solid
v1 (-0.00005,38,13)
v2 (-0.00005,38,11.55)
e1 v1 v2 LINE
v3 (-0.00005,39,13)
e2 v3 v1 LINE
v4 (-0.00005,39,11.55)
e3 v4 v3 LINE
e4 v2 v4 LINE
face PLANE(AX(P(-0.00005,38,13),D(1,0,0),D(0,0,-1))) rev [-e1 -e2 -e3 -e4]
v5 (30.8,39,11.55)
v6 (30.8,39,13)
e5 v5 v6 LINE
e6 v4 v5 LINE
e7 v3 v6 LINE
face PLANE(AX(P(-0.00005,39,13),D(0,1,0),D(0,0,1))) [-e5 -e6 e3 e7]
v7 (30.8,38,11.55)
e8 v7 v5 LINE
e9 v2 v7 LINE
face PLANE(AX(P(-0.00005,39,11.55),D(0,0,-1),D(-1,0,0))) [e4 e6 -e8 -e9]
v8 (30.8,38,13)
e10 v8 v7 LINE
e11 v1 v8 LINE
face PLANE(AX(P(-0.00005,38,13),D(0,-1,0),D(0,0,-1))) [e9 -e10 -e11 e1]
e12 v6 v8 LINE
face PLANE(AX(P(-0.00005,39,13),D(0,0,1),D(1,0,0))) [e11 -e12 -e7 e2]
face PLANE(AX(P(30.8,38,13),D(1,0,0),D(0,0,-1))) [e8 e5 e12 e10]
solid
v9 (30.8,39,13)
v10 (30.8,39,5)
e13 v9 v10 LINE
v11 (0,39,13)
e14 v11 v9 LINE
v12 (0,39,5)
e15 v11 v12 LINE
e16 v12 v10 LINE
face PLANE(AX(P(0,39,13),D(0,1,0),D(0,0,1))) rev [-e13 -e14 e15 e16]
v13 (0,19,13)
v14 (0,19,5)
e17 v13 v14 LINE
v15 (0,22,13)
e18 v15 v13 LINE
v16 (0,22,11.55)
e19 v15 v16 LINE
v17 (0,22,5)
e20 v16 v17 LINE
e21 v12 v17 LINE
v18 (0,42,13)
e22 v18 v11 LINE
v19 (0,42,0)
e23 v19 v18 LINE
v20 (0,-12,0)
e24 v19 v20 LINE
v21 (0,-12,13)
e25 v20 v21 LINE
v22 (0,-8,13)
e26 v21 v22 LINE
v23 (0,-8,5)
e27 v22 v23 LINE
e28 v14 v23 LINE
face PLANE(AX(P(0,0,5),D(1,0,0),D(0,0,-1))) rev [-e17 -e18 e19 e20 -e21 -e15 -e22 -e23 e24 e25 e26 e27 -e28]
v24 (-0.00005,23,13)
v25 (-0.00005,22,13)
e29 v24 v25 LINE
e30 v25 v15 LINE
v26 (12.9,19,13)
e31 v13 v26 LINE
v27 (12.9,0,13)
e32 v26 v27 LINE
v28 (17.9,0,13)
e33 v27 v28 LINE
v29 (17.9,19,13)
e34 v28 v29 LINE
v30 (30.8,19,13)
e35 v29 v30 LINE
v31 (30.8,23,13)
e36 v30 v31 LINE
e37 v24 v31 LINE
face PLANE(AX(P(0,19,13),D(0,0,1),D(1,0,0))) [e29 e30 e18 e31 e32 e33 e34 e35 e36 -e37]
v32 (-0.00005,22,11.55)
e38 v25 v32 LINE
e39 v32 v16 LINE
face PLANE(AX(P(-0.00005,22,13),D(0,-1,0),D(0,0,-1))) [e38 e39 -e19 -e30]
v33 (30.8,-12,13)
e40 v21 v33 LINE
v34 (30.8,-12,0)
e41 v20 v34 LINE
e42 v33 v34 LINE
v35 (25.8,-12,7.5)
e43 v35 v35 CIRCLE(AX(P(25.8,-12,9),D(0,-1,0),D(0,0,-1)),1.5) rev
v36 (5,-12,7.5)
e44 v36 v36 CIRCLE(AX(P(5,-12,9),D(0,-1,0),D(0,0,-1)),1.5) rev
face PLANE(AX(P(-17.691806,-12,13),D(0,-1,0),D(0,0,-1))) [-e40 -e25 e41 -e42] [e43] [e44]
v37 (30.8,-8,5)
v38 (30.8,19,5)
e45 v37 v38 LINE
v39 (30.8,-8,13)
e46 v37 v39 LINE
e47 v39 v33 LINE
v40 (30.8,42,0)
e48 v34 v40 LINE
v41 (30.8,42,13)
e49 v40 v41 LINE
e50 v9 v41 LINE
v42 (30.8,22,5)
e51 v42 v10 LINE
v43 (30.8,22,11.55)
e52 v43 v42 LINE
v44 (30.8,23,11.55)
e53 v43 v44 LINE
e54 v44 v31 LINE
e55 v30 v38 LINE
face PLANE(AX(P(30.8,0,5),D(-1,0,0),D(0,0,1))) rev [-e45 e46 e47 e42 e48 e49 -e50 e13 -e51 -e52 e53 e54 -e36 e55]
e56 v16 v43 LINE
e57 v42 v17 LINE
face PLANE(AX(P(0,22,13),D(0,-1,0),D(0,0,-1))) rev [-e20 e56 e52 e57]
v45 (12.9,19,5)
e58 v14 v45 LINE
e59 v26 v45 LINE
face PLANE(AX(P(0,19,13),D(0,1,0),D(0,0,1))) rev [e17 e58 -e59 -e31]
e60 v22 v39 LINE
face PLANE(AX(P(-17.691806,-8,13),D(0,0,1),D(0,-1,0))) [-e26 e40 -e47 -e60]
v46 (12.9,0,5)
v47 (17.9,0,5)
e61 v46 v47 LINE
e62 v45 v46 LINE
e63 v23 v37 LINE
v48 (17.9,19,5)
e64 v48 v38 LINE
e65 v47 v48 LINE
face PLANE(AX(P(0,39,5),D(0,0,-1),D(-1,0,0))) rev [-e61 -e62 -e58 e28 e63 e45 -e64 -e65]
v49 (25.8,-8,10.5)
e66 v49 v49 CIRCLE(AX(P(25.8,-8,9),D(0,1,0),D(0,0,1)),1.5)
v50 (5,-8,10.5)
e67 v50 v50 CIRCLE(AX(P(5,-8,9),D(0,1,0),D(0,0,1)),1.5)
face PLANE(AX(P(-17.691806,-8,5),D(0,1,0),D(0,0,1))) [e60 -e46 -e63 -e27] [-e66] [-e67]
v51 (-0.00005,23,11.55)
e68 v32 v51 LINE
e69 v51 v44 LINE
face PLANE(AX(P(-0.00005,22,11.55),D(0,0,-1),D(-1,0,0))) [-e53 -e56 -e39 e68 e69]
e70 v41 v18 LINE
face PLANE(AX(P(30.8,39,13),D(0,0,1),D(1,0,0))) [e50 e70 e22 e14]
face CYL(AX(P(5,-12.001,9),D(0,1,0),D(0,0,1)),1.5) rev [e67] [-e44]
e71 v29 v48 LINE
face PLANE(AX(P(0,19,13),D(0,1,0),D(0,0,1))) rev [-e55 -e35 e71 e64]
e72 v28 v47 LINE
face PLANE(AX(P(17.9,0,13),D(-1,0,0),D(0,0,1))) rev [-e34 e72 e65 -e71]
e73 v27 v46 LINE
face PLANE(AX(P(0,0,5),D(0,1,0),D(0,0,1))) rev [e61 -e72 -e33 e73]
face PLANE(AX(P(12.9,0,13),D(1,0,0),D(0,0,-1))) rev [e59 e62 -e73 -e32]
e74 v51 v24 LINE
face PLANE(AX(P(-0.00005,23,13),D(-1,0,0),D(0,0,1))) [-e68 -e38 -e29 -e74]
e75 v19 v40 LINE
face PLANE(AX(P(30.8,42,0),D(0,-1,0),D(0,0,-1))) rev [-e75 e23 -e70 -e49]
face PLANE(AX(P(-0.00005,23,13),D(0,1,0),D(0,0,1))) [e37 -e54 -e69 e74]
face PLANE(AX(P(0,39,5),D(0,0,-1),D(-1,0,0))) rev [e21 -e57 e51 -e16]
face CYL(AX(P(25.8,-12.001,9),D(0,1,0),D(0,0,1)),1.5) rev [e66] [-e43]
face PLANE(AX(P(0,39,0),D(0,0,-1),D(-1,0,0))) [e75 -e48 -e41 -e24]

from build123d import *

# Parameters (mm, degrees)
SKETCH_1_W          = 30.8
SKETCH_1_H          = 39
EXTRUDE_1_DEPTH     = 5
SKETCH_2_W          = 30.8
SKETCH_2_H          = 3
EXTRUDE_2_DEPTH     = 8
SKETCH_3_W          = 5
SKETCH_3_H          = 19
EXTRUDE_3_DEPTH     = 8
EXTRUDE_4_DEPTH     = 30.8
SKETCH_5_R          = 1.5
CUT_EXTRUDE_1_DEPTH = 4
SKETCH_6_W          = 1.45
SKETCH_6_H          = 1
EXTRUDE_5_DEPTH     = 30.8
SKETCH_7_W          = 30.8
SKETCH_7_H          = 3
EXTRUDE_6_DEPTH     = 5


with BuildPart() as part:
    # 草图1 → 凸台-拉伸1 (new body)
    with BuildSketch(Plane.XY):
        with Locations((15.4, 19.5)):
            Rectangle(SKETCH_1_W, SKETCH_1_H)
    extrude(amount=EXTRUDE_1_DEPTH)

    # 草图2 → 凸台-拉伸2 (add)
    with BuildSketch(Plane.XY.offset(5)):
        with Locations((15.4, 40.5)):
            Rectangle(SKETCH_2_W, SKETCH_2_H)
        with Locations((15.4, 20.5)):
            Rectangle(SKETCH_2_W, SKETCH_2_H)
    extrude(amount=EXTRUDE_2_DEPTH)


with BuildPart() as extrude_2_piece_1:
    # of the separate pieces the step leaves, piece 1, a body of its own (extrude_2_pieces)
    add(part.part.solids().sort_by_distance((0, 0, 0))[0])

    # 草图3 → 凸台-拉伸3 (add)
    with BuildSketch(Plane.XY.offset(5)):
        with Locations((15.4, 9.5)):
            Rectangle(SKETCH_3_W, SKETCH_3_H)
    extrude(amount=EXTRUDE_3_DEPTH)

    # 草图4 → 凸台-拉伸4 (add)
    with BuildSketch(Plane(origin=(30.8, 0, 0), x_dir=(0, 0, -1), z_dir=(1, 0, 0))):
        Polygon((-5, 0), (-5, -8), (-13, -8), (-13, -12), (0, -12), (0, 0), align=None)
    extrude(amount=-EXTRUDE_4_DEPTH)

    # 草图5 → 切除-拉伸1 (cut)
    with BuildSketch(Plane(origin=(0, -8, 0), x_dir=(1, 0, 0), z_dir=(0, 1, 0))):
        with Locations(Location((5, -9, 0), (0, 0, 270))):
            Circle(SKETCH_5_R)
        with Locations(Location((25.8, -9, 0), (0, 0, 270))):
            Circle(SKETCH_5_R)
    extrude(amount=-CUT_EXTRUDE_1_DEPTH, mode=Mode.SUBTRACT)

    # 草图6 → 凸台-拉伸5 (add, through all)
    with BuildSketch(Plane(origin=(30.8, 0, 0), x_dir=(0, 0, -1), z_dir=(1, 0, 0))):
        with Locations((-12.275, 38.5)):
            Rectangle(SKETCH_6_W, SKETCH_6_H)
        with Locations((-12.275, 22.5)):
            Rectangle(SKETCH_6_W, SKETCH_6_H)
    extrude(amount=-EXTRUDE_5_DEPTH)


with BuildPart() as extrude_2_piece_2:
    # of the separate pieces the step leaves, piece 2, a body of its own (extrude_2_pieces)
    add(part.part.solids().sort_by_distance((30.8, 39, 13))[0])



with BuildPart() as extrude_5_piece_1:
    # of the separate pieces the step leaves, piece 1, a body of its own (extrude_5_pieces)
    add(extrude_2_piece_1.part.solids().sort_by_distance((17.9, 0, 5))[0])


with BuildPart() as extrude_5_piece_2:
    # of the separate pieces the step leaves, piece 2, a body of its own (extrude_5_pieces)
    add(extrude_2_piece_1.part.solids().sort_by_distance((30.8, 39, 13))[0])


with BuildPart() as extrude_2_piece_2_1:
    add(extrude_2_piece_2.part)

    add(extrude_5_piece_1.part)  # 凸台-拉伸6 merges 凸台-拉伸5 piece 1
    # 草图7 → 凸台-拉伸6 (add)
    with BuildSketch(Plane(origin=(0, 0, 5), x_dir=(-1, 0, 0), z_dir=(0, 0, -1))):
        with Locations((-15.4, 40.5)):
            Rectangle(SKETCH_7_W, SKETCH_7_H)
    extrude(amount=EXTRUDE_6_DEPTH)


solid = Compound([extrude_5_piece_2.part, extrude_2_piece_2_1.part])
